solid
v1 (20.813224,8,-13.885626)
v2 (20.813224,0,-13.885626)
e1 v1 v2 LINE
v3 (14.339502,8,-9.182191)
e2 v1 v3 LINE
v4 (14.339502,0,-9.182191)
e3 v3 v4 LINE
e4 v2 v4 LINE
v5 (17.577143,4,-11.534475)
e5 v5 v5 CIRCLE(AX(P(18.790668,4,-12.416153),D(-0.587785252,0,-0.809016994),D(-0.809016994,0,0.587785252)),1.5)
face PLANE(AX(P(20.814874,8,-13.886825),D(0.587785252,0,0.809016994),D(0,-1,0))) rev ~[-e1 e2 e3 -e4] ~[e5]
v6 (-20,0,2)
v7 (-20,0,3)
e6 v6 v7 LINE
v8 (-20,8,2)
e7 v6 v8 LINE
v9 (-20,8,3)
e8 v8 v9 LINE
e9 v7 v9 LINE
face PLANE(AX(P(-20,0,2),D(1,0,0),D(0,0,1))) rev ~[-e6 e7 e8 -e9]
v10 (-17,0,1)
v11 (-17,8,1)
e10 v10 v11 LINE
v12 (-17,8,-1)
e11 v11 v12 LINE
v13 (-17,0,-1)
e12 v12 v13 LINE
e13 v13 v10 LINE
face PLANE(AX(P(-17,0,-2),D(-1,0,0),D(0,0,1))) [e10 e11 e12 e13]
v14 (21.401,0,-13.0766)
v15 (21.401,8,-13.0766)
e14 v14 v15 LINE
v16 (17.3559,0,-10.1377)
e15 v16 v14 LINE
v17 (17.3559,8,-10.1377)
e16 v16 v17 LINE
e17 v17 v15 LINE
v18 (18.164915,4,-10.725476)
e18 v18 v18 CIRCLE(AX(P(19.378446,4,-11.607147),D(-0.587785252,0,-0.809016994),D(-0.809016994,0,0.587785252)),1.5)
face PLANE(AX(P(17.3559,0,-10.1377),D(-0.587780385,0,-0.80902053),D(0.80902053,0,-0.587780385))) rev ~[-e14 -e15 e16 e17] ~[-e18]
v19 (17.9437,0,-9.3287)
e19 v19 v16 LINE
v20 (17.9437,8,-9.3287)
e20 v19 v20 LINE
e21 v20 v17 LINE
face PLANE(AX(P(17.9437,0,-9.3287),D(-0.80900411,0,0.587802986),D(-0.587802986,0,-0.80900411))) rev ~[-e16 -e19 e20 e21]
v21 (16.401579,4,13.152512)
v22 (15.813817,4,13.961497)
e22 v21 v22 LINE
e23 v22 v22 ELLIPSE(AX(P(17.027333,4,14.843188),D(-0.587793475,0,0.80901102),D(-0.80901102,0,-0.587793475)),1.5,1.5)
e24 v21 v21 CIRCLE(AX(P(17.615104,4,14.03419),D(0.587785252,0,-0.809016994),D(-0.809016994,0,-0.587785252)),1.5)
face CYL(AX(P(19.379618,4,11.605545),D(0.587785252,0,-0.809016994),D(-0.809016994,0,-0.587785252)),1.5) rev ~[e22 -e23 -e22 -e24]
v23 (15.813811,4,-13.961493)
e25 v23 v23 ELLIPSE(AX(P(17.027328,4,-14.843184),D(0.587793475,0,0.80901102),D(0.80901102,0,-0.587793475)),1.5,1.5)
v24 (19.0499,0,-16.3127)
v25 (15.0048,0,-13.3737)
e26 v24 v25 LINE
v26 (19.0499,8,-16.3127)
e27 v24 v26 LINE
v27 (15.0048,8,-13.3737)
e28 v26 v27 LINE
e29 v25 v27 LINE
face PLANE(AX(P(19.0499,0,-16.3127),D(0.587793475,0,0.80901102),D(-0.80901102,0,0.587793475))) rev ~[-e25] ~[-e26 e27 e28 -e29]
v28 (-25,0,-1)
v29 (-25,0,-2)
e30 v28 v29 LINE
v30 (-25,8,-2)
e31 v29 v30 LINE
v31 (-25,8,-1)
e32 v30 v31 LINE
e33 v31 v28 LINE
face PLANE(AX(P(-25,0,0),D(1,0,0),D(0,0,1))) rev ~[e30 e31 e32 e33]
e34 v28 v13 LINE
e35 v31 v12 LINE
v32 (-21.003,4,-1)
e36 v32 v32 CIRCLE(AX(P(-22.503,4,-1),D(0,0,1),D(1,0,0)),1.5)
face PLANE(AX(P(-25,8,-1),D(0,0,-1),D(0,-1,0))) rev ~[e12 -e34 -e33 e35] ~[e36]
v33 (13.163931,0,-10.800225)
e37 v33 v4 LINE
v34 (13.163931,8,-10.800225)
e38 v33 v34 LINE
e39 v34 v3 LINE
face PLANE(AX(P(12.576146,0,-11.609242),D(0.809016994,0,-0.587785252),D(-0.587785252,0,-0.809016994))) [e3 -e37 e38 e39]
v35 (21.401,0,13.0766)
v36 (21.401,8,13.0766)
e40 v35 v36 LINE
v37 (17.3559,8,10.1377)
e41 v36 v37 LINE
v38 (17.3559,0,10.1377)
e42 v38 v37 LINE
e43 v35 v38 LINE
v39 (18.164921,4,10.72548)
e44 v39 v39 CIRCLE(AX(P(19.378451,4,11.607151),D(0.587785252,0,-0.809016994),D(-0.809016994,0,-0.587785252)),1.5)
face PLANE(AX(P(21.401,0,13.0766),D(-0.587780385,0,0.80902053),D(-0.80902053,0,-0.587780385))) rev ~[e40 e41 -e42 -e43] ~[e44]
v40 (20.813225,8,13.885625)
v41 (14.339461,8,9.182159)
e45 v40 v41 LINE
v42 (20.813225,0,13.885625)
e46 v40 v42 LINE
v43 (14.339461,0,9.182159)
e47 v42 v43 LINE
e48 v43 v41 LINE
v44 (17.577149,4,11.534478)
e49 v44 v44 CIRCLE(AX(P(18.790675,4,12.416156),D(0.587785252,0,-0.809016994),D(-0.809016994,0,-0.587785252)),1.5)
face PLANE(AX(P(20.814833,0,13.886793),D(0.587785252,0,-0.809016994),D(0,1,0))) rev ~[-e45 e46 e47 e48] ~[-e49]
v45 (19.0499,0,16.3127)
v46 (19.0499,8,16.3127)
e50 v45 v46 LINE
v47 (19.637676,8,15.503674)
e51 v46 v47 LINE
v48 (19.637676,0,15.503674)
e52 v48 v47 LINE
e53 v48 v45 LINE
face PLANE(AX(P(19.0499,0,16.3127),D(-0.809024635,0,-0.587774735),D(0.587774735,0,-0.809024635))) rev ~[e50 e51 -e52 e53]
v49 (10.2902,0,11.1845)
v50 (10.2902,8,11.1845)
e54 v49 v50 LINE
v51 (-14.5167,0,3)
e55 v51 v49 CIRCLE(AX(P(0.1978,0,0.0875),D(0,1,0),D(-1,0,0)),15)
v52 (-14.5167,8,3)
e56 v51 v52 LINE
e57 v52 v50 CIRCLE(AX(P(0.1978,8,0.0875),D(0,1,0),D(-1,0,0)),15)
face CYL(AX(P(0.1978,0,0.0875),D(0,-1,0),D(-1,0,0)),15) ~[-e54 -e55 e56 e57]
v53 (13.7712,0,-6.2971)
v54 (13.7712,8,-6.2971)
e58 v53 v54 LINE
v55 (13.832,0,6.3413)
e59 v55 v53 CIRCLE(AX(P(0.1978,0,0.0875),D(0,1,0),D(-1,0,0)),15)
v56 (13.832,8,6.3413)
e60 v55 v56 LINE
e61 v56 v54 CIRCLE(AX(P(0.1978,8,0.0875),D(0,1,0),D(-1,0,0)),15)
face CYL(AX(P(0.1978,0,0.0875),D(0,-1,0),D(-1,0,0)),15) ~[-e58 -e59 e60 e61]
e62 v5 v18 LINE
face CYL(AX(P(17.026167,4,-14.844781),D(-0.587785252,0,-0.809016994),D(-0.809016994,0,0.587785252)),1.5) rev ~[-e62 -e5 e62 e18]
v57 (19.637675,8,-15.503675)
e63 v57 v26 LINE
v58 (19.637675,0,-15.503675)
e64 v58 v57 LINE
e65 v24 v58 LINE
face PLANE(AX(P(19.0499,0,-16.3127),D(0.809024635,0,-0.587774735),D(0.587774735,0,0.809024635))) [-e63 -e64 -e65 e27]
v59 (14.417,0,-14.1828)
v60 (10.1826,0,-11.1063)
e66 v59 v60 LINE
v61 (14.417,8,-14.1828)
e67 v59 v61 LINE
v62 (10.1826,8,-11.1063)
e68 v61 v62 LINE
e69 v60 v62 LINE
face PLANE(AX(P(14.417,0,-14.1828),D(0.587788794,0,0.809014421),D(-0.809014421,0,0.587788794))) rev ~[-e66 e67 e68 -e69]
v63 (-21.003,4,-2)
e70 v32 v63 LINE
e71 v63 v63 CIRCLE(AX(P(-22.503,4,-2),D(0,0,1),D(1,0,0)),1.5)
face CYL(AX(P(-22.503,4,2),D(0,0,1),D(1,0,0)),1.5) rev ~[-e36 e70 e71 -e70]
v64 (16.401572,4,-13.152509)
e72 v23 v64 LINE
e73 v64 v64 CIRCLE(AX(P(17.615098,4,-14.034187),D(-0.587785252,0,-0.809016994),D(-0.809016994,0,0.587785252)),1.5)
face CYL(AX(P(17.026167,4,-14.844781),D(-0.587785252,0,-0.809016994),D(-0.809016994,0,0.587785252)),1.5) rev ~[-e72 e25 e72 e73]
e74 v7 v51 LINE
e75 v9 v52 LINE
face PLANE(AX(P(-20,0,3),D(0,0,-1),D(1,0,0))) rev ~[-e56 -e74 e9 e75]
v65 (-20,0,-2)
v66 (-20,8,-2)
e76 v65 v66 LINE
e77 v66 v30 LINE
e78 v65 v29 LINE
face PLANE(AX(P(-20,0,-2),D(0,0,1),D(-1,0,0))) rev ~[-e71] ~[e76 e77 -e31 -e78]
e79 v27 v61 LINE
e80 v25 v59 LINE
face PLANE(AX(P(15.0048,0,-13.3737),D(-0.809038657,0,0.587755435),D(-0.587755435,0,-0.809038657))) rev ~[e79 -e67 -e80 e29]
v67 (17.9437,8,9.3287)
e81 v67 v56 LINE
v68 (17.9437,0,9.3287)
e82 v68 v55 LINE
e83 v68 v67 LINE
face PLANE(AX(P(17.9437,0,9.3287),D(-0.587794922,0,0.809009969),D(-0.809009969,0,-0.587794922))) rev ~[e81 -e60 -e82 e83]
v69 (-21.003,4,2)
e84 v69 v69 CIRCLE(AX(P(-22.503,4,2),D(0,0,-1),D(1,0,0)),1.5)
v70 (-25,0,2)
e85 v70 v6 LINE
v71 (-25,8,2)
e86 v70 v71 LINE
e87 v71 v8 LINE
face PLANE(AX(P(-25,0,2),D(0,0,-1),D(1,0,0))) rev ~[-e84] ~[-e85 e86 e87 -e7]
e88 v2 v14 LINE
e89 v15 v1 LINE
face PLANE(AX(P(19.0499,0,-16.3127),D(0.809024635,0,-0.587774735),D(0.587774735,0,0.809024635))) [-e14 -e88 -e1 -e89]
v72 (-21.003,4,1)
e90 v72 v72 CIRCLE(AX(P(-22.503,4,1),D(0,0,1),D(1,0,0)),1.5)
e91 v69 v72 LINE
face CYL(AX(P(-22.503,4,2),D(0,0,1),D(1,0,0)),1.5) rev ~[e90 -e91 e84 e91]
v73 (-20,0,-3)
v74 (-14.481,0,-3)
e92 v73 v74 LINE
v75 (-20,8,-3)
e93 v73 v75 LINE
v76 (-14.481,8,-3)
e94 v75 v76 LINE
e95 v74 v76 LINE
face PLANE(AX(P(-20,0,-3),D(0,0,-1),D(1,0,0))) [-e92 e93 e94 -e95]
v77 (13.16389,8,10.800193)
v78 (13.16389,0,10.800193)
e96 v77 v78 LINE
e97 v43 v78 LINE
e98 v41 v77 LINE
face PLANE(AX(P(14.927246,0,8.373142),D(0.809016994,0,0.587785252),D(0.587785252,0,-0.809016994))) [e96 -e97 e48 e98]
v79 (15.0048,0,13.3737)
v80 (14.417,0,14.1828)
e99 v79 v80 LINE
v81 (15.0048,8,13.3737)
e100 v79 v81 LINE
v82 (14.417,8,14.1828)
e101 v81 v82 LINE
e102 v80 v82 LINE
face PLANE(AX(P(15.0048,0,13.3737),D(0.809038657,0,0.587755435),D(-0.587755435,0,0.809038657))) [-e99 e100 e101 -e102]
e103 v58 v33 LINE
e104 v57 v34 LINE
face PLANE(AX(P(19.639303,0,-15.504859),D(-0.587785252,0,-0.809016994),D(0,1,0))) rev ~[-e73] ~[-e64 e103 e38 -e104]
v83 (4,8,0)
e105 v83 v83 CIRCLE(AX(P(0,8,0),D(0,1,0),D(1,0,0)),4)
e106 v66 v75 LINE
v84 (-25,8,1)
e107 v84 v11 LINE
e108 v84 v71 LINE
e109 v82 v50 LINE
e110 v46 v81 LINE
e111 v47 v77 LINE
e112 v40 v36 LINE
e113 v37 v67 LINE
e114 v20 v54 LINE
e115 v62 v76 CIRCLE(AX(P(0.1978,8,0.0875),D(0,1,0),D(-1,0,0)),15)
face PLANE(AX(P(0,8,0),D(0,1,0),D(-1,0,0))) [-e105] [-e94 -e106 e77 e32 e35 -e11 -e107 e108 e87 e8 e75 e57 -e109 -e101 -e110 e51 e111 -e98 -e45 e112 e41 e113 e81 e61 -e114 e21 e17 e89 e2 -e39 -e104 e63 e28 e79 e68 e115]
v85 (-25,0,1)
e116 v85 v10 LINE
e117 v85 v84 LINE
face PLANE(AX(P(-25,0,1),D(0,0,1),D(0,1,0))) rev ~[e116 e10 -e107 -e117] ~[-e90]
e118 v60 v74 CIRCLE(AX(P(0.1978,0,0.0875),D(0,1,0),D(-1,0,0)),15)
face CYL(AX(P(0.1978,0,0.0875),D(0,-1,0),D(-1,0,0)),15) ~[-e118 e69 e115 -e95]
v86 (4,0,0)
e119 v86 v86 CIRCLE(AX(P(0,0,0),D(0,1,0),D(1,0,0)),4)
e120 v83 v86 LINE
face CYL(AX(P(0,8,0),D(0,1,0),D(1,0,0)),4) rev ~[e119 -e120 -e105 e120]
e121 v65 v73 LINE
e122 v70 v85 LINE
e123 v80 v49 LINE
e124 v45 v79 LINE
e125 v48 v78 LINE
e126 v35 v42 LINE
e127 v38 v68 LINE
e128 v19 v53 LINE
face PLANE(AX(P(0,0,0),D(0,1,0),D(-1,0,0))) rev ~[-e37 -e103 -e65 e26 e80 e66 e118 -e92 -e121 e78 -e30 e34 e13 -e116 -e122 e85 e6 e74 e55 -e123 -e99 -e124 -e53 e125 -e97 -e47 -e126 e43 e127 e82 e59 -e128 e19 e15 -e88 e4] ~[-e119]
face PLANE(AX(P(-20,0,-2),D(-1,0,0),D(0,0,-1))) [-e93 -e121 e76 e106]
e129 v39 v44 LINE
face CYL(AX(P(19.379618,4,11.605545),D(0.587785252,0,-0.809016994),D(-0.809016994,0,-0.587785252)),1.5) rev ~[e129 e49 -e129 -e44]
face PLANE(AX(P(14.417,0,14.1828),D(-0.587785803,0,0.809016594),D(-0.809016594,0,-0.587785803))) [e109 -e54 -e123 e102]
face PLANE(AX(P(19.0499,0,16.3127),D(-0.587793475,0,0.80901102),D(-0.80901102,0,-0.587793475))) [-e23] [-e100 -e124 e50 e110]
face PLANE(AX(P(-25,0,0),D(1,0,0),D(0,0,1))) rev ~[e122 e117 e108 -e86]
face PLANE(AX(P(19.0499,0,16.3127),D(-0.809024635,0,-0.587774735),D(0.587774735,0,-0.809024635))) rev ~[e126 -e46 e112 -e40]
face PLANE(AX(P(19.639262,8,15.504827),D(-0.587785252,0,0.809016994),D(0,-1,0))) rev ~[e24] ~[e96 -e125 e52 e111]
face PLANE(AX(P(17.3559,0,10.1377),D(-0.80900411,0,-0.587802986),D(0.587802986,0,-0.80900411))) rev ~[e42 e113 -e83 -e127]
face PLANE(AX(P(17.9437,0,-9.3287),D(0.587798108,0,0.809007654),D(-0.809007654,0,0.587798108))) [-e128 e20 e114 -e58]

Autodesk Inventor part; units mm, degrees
ref_plane "YZ Plane" through (0, 0, 0) normal (1, 0, 0) x (0, 1, 0)
ref_plane "XZ Plane" through (0, 0, 0) normal (0, 1, 0) x (-1, 0, 0)
ref_plane "XY Plane" through (0, 0, 0) normal (0, 0, 1) x (1, 0, 0)
sketch "Sketch1" plane through (0, 0, 0) normal (0, 1, 0) x (-1, 0, 0)
  circle A0 centre (-0.1978, 0.0875) radius 15
  line L0 (0, 0) -> (25, 0)
  line L1 (0, 0) -> (-20.2254, -14.6946)
  line L2 (0, 0) -> (25, 0) construction
  line L3 (0, 0) -> (-20.2254, 14.6946)
  line L4 (0, 0) -> (25, 0) construction
  line L5 (25, 0) -> (14.5167, 0)
  line L6 (25, 0) -> (14.481, 0)
  line L7 (25, 2) -> (20, 2)
  line L8 (20, 2) -> (20, -2)
  line L9 (20, -2) -> (25, -2)
  line L10 (20, -2) -> (20, -3)
  line L11 (20, 2) -> (20, 3)
  line L12 (25, -2) -> (25, 2)
  line L13 (20, 3) -> (14.5167, 3)
  line L14 (20, -3) -> (14.481, -3)
  line L15 (-21.401, 13.0766) -> (-17.3559, 10.1377)
  line L16 (-17.3559, 10.1377) -> (-17.9437, 9.3287)
  line L17 (-19.0499, 16.3127) -> (-15.0048, 13.3737)
  line L18 (-15.0048, 13.3737) -> (-14.417, 14.1828)
  line L19 (-19.0499, 16.3127) -> (-21.401, 13.0766)
  line L20 (-17.9437, 9.3287) -> (-13.832, 6.3413)
  line L21 (-14.417, 14.1828) -> (-10.2902, 11.1845)
  line L22 (-19.0499, -16.3127) -> (-15.0048, -13.3737)
  line L23 (-15.0048, -13.3737) -> (-14.417, -14.1828)
  line L24 (-17.9437, -9.3287) -> (-17.3559, -10.1377)
  line L25 (-17.3559, -10.1377) -> (-21.401, -13.0766)
  line L26 (-19.0499, -16.3127) -> (-21.401, -13.0766)
  line L27 (-14.417, -14.1828) -> (-10.1826, -11.1063)
  line L28 (-17.9437, -9.3287) -> (-13.7712, -6.2971)
  line L29 (-17.9437, -9.3287) -> (-12.7862, -9.3287) construction
  point P0 (22.9129, 10)
  point P1 (-9.5074, 11.849)
  point P2 (-14.229, 5.3909)
  point P3 (-14.2604, -5.1319)
  point P4 (-9.5775, -11.6181)
  point P5 (14.2709, 4.0444)
  point P6 (14.247, -3.9556)
  dimension "d87" = 25
  dimension "d88" = 25
  dimension "d89" = 144
  dimension "d90" = 25
  dimension "d91" = 144
  dimension "d146" = 5
  dimension "d147" = 4
  dimension "d149" = 5
  dimension "d151" = 5
  dimension "d153" = 5
  dimension "d154" = 1
  dimension "d155" = 36
extrude "Extrusion1" add sketch "Sketch1" along normal blind 8
sketch "Sketch8" plane through (0, 8, 0) normal (0, 1, 0) x (1, 0, 0)
  circle A0 centre (0, 0) radius 4
  dimension "d80" = 8
extrude "Extrusion8" cut sketch "Sketch8" against normal blind 10
sketch "Sketch28" plane through (19.0499, 0, -16.3127) normal (0.809, 0, -0.5878) x (-0.5878, 0, -0.809)
  line L0 (-4, 8) -> (0, 8) projected
  line L1 (-2, 8) -> (-2, 0)
  line L2 (-2, 0) -> (-1, 0)
  line L3 (-4, 0) -> (0, 0) projected
  line L4 (-1, 0) -> (-1, 8)
  line L5 (-1, 8) -> (-3, 8)
  line L6 (-3, 8) -> (-3, 0)
  line L7 (-3, 0) -> (-1, 0)
  point P0 (-3, 8)
  point P1 (-3, 0)
  point P2 (-1, 8)
  dimension "d156" = 1
  dimension "d157" = 2
extrude "Extrusion26" cut sketch "Sketch28" against normal blind 8
sketch "Sketch29" plane through (21.401, 0, 13.0766) normal (0.809, 0, 0.5878) x (0.5878, 0, -0.809)
  line L0 (-4, 8) -> (0, 8) projected
  line L1 (-2, 0) -> (-1, 0)
  line L2 (-1, 0) -> (-1, 8)
  line L3 (-1, 8) -> (-2, 8)
  line L4 (-2, 8) -> (-2, 0)
  line L5 (-4, 0) -> (0, 0) projected
  line L6 (-1, 8) -> (-3, 8)
  line L7 (-3, 8) -> (-3, 0)
  line L8 (-3, 0) -> (-1, 0)
  line L9 (-1, 0) -> (-1, 8)
  point P0 (-3, 8)
  dimension "d160" = 1
  dimension "d161" = 2
extrude "Extrusion27" cut sketch "Sketch29" against normal blind 8
sketch "Sketch30" plane through (-25, 0, -2) normal (-1, 0, 0) x (0, 0, 1)
  line L0 (8.3413, 8) -> (-4.2971, 8) projected
  line L1 (2, 0) -> (3, 0)
  line L2 (3, 0) -> (3, 8)
  line L3 (3, 8) -> (2, 8)
  line L4 (2, 8) -> (2, 0)
  line L5 (8.3413, 0) -> (-4.2971, 0) projected
  line L6 (2, 8) -> (1, 8)
  line L7 (1, 8) -> (1, 0)
  line L8 (1, 0) -> (2, 0)
  line L9 (2, 0) -> (2, 8)
  dimension "d164" = 1
  dimension "d165" = 1
extrude "Extrusion28" cut sketch "Sketch30" against normal blind 8
sketch "Sketch31" plane through (-25, 0, 2) normal (0, 0, 1) x (1, 0, 0)
  line L0 (5, 8) -> (0, 8) projected
  line L1 (0, 8) -> (4.994, 0)
  line L2 (0, 0) -> (8, 0) projected
  circle A0 centre (2.497, 4) radius 1.5
  point P0 (25, 0)
  dimension "d168" = 3
sketch "Sketch32" plane through (17.3559, 0, 10.1377) normal (0.5878, 0, -0.809) x (-0.809, 0, -0.5878)
  line L0 (-5, 0) -> (0, 0) projected
  line L1 (3, 8) -> (-5, 8) projected
  line L2 (0, 0) -> (-5, 8)
  circle A0 centre (-2.5, 4) radius 1.5
  point P0 (20, 0)
  dimension "d169" = 3
sketch "Sketch33" plane through (15.0048, 0, -13.3737) normal (-0.5878, 0, -0.809) x (-0.809, 0, 0.5878)
  line L0 (-5, 8) -> (0, 8) projected
  line L1 (0, 0) -> (0, 8) projected
  line L2 (-5, 8) -> (0, 0)
  circle A0 centre (-2.5, 4) radius 1.5
  point P0 (20, 0)
  dimension "d170" = 3
extrude "Extrusion29" cut sketch "Sketch33" against normal blind 8 contours A0 L2 | L2 A0
extrude "Extrusion30" cut sketch "Sketch32" against normal blind 8
extrude "Extrusion31" cut sketch "Sketch31" against normal blind 8
properties part number "actuatorLink"
